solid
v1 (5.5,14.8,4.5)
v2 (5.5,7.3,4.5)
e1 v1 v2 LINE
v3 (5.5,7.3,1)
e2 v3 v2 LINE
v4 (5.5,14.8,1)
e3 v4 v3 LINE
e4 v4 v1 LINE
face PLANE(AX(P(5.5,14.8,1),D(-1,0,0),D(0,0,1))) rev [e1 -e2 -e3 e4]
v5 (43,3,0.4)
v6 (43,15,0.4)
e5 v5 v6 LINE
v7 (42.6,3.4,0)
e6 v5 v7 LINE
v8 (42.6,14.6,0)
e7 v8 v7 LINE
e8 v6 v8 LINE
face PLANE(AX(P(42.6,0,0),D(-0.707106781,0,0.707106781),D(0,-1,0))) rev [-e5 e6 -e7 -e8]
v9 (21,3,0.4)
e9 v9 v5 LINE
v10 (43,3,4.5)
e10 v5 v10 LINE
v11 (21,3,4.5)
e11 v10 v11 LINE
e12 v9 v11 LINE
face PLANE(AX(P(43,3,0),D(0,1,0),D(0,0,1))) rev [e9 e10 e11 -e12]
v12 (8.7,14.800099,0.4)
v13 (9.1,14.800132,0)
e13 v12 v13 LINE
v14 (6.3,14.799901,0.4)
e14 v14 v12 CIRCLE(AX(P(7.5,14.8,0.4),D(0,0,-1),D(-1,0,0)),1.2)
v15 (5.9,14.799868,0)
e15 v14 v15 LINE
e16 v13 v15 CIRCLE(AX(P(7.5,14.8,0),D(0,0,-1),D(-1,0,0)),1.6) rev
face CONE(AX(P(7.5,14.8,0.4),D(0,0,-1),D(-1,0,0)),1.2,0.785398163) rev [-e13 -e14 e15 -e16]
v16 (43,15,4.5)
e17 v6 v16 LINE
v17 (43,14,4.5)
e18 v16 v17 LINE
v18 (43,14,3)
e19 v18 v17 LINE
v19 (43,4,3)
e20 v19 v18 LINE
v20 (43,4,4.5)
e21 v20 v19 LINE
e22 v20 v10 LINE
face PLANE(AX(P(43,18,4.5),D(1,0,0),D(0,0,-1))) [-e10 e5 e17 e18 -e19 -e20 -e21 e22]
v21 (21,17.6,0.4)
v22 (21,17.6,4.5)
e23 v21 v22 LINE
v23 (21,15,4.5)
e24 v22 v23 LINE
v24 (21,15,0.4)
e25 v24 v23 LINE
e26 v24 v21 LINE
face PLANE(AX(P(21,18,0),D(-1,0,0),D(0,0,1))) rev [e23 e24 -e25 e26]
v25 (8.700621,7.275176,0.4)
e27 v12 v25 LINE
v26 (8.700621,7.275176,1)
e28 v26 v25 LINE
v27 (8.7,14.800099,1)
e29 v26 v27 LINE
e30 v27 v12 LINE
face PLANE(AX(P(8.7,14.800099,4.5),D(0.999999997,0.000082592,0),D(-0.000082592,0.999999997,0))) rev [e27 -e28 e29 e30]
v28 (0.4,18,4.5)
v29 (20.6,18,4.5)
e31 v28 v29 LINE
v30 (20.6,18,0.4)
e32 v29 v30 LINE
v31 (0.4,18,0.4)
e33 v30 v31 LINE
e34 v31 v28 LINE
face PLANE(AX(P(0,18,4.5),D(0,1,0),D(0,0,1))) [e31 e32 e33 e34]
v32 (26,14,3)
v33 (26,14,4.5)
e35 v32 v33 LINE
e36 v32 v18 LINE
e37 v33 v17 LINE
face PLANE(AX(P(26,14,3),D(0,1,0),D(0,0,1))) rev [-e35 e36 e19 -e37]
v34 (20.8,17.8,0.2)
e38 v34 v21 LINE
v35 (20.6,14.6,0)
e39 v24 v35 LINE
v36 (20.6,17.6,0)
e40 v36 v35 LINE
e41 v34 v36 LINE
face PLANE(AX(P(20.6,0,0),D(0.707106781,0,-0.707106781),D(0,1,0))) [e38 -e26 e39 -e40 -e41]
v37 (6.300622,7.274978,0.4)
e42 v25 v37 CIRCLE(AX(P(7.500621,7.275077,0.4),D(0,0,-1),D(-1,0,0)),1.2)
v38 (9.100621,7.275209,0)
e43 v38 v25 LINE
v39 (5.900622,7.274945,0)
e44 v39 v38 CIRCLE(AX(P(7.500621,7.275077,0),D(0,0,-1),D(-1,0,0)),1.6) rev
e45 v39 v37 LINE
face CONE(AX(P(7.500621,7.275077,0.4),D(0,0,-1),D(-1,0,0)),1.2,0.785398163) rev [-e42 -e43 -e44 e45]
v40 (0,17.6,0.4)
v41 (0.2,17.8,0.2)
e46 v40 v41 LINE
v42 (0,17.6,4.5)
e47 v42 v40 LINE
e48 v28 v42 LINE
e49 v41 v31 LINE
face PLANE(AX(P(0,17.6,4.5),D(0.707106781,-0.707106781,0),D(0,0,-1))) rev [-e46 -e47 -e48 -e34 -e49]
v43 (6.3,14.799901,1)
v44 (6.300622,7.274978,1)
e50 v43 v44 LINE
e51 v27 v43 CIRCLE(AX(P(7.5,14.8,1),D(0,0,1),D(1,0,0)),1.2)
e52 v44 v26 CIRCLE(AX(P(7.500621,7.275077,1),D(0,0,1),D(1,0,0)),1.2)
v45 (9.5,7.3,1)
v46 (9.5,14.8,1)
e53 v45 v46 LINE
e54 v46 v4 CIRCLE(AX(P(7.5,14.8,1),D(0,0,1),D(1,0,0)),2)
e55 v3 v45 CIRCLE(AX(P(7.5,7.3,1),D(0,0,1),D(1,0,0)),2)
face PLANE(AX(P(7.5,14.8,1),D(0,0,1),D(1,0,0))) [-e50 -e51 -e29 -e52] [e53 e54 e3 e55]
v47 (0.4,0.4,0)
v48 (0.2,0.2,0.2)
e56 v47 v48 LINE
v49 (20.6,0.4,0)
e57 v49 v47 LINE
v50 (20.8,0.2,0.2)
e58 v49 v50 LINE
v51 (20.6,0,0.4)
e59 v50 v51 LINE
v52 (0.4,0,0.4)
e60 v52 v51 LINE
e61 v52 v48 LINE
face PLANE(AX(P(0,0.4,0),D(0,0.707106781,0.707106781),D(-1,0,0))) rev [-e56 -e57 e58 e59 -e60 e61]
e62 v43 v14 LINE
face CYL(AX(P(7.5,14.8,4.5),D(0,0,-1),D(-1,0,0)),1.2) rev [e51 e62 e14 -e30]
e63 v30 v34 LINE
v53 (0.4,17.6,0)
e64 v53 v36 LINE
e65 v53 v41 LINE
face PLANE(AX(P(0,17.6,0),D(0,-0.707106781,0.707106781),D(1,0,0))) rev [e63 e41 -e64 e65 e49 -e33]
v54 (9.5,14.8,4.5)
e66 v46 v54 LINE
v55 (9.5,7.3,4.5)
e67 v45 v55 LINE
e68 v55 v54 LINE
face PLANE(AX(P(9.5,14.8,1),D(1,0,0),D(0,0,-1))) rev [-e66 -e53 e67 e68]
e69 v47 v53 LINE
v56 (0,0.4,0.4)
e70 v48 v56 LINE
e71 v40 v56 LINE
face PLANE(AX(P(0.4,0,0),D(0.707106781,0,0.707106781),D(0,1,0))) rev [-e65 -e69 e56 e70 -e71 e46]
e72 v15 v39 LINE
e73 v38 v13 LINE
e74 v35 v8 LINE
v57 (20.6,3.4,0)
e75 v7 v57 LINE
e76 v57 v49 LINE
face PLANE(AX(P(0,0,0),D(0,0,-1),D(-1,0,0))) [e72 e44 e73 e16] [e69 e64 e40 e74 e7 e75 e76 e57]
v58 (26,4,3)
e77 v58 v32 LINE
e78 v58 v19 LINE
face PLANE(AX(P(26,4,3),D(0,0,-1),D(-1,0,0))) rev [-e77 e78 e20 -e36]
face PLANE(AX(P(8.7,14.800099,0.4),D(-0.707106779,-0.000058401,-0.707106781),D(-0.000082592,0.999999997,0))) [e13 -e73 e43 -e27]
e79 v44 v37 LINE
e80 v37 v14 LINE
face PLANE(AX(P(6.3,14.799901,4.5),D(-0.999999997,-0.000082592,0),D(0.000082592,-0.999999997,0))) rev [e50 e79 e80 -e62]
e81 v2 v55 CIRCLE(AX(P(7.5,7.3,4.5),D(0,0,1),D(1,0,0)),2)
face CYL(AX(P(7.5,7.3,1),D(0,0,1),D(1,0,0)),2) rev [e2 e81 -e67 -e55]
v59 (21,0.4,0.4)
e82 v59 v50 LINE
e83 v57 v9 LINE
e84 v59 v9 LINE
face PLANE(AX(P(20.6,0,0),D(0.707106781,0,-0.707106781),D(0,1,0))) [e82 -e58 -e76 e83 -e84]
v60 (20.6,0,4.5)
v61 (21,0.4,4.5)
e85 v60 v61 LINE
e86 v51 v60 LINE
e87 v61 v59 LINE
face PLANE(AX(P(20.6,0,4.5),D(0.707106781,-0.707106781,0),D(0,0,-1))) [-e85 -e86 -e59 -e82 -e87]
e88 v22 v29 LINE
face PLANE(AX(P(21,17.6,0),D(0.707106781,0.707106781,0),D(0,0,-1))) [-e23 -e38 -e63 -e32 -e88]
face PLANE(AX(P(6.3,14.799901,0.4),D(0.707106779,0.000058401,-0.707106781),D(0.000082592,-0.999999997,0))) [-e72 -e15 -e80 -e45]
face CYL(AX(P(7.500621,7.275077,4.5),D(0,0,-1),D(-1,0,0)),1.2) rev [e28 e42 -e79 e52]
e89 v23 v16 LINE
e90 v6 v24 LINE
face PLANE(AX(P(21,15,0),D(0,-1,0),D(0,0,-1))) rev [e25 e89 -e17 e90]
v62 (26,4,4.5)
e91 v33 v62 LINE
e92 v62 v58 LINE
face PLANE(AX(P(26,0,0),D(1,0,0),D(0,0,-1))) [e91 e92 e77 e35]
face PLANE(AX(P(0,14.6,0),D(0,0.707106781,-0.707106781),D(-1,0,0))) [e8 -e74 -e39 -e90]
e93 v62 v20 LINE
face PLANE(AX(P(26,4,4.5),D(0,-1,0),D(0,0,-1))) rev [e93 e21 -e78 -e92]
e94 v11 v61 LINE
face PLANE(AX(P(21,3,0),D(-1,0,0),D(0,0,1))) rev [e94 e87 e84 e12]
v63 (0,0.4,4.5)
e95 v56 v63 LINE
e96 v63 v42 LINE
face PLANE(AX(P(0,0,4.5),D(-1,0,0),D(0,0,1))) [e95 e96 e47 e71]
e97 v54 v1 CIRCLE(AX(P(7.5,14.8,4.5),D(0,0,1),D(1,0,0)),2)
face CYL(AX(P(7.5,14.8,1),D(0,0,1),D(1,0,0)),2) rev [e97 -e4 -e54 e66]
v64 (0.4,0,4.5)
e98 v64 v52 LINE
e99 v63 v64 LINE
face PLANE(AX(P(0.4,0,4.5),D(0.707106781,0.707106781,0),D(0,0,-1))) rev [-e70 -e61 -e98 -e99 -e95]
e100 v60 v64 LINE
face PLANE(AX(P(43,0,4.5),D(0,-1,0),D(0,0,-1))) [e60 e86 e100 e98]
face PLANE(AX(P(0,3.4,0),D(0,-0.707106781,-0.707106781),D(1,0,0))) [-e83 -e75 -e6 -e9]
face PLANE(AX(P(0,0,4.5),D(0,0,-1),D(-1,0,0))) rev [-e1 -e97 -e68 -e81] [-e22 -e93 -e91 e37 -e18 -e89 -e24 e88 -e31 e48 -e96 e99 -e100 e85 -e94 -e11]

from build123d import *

# Parameters (mm, degrees)
SKETCH1_W           = 43
SKETCH1_H           = 18
BOSS_EXTRUDE1_DEPTH = 4.5
SKETCH2_W           = 22
SKETCH2_H           = 3
CUT_EXTRUDE1_DEPTH  = 47.832147079
SKETCH3_W           = 22
SKETCH3_H           = 3
CUT_EXTRUDE2_DEPTH  = 47.832147079
CUT_EXTRUDE3_DEPTH  = 3.5
CUT_EXTRUDE4_DEPTH  = 47.832147079
SKETCH6_W           = 1.5
SKETCH6_H           = 10
CUT_EXTRUDE5_DEPTH  = 17
CHAMFER1_SIZE       = 0.4
CHAMFER2_SIZE       = 0.4


with BuildPart() as part:
    # Sketch1 → Boss-Extrude1 (new body)
    with BuildSketch(Plane(origin=(0, 0, 0), x_dir=(-1, 0, 0), z_dir=(0, 0, -1))):
        with Locations((-21.5, 9)):
            Rectangle(SKETCH1_W, SKETCH1_H)
    extrude(amount=-BOSS_EXTRUDE1_DEPTH)

    # Sketch2 → Cut-Extrude1 (cut, through all)
    with BuildSketch(Plane.XY.offset(4.5)):
        with Locations((32, 1.5)):
            Rectangle(SKETCH2_W, SKETCH2_H)
    extrude(amount=-CUT_EXTRUDE1_DEPTH, mode=Mode.SUBTRACT)

    # Sketch3 → Cut-Extrude2 (cut, through all)
    with BuildSketch(Plane.XY.offset(4.5)):
        with Locations((32, 16.5)):
            Rectangle(SKETCH3_W, SKETCH3_H)
    extrude(amount=-CUT_EXTRUDE2_DEPTH, mode=Mode.SUBTRACT)

    # Sketch4 → Cut-Extrude3 (cut)
    with BuildSketch(Plane.XY.offset(4.5)):
        with BuildLine():
            Line((9.5, 14.8), (9.5, 7.3))
            ThreePointArc((9.5, 7.3), (7.5, 5.3), (5.5, 7.3))
            Line((5.5, 7.3), (5.5, 14.8))
            ThreePointArc((5.5, 14.8), (7.5, 16.8), (9.5, 14.8))
        make_face()
    extrude(amount=-CUT_EXTRUDE3_DEPTH, mode=Mode.SUBTRACT)

    # Sketch5 → Cut-Extrude4 (cut, through all)
    with BuildSketch(Plane(origin=(0, 0, 0), x_dir=(-1, 0, 0), z_dir=(0, 0, -1))):
        with BuildLine():
            Line((-6.300000004, 14.79990089), (-6.300621502, 7.27497794))
            ThreePointArc((-6.300621502, 7.27497794), (-7.500720608, 6.075077054), (-8.700621494, 7.27517616))
            Line((-8.700621494, 7.27517616), (-8.699999996, 14.80009911))
            ThreePointArc((-8.699999996, 14.80009911), (-7.49990089, 15.999999996), (-6.300000004, 14.79990089))
        make_face()
    extrude(amount=-CUT_EXTRUDE4_DEPTH, mode=Mode.SUBTRACT)

    # Sketch6 → Cut-Extrude5 (cut)
    with BuildSketch(Plane(origin=(43, 0, 0), x_dir=(0, 0, -1), z_dir=(1, 0, 0))):
        with Locations((-3.75, 9)):
            Rectangle(SKETCH6_W, SKETCH6_H)
    extrude(amount=-CUT_EXTRUDE5_DEPTH, mode=Mode.SUBTRACT)

    # Chamfer1
    chamfer1_edges = [part.edges().sort_by_distance(p)[0] for p in [
        (10.5, 0, 0),
        (21, 1.5, 0),
        (32, 3, 0),
        (43, 9, 0),
        (21, 16.5, 0),
        (32, 15, 0),
        (0, 9, 0),
        (10.5, 18, 0),
        (7.49990089, 15.999999996, 0),
        (8.700310745, 11.037637635, 0),
        (7.500720608, 6.075077054, 0),
        (6.300310753, 11.037439415, 0),
    ]]
    chamfer(chamfer1_edges, length=CHAMFER1_SIZE)

    # Chamfer2
    chamfer2_edges = [part.edges().sort_by_distance(p)[0] for p in [
        (21, 18, 2.45),
        (21, 0, 2.45),
        (0, 18, 2.45),
        (0, 0, 2.45),
    ]]
    chamfer(chamfer2_edges, length=CHAMFER2_SIZE)


solid = part.part
